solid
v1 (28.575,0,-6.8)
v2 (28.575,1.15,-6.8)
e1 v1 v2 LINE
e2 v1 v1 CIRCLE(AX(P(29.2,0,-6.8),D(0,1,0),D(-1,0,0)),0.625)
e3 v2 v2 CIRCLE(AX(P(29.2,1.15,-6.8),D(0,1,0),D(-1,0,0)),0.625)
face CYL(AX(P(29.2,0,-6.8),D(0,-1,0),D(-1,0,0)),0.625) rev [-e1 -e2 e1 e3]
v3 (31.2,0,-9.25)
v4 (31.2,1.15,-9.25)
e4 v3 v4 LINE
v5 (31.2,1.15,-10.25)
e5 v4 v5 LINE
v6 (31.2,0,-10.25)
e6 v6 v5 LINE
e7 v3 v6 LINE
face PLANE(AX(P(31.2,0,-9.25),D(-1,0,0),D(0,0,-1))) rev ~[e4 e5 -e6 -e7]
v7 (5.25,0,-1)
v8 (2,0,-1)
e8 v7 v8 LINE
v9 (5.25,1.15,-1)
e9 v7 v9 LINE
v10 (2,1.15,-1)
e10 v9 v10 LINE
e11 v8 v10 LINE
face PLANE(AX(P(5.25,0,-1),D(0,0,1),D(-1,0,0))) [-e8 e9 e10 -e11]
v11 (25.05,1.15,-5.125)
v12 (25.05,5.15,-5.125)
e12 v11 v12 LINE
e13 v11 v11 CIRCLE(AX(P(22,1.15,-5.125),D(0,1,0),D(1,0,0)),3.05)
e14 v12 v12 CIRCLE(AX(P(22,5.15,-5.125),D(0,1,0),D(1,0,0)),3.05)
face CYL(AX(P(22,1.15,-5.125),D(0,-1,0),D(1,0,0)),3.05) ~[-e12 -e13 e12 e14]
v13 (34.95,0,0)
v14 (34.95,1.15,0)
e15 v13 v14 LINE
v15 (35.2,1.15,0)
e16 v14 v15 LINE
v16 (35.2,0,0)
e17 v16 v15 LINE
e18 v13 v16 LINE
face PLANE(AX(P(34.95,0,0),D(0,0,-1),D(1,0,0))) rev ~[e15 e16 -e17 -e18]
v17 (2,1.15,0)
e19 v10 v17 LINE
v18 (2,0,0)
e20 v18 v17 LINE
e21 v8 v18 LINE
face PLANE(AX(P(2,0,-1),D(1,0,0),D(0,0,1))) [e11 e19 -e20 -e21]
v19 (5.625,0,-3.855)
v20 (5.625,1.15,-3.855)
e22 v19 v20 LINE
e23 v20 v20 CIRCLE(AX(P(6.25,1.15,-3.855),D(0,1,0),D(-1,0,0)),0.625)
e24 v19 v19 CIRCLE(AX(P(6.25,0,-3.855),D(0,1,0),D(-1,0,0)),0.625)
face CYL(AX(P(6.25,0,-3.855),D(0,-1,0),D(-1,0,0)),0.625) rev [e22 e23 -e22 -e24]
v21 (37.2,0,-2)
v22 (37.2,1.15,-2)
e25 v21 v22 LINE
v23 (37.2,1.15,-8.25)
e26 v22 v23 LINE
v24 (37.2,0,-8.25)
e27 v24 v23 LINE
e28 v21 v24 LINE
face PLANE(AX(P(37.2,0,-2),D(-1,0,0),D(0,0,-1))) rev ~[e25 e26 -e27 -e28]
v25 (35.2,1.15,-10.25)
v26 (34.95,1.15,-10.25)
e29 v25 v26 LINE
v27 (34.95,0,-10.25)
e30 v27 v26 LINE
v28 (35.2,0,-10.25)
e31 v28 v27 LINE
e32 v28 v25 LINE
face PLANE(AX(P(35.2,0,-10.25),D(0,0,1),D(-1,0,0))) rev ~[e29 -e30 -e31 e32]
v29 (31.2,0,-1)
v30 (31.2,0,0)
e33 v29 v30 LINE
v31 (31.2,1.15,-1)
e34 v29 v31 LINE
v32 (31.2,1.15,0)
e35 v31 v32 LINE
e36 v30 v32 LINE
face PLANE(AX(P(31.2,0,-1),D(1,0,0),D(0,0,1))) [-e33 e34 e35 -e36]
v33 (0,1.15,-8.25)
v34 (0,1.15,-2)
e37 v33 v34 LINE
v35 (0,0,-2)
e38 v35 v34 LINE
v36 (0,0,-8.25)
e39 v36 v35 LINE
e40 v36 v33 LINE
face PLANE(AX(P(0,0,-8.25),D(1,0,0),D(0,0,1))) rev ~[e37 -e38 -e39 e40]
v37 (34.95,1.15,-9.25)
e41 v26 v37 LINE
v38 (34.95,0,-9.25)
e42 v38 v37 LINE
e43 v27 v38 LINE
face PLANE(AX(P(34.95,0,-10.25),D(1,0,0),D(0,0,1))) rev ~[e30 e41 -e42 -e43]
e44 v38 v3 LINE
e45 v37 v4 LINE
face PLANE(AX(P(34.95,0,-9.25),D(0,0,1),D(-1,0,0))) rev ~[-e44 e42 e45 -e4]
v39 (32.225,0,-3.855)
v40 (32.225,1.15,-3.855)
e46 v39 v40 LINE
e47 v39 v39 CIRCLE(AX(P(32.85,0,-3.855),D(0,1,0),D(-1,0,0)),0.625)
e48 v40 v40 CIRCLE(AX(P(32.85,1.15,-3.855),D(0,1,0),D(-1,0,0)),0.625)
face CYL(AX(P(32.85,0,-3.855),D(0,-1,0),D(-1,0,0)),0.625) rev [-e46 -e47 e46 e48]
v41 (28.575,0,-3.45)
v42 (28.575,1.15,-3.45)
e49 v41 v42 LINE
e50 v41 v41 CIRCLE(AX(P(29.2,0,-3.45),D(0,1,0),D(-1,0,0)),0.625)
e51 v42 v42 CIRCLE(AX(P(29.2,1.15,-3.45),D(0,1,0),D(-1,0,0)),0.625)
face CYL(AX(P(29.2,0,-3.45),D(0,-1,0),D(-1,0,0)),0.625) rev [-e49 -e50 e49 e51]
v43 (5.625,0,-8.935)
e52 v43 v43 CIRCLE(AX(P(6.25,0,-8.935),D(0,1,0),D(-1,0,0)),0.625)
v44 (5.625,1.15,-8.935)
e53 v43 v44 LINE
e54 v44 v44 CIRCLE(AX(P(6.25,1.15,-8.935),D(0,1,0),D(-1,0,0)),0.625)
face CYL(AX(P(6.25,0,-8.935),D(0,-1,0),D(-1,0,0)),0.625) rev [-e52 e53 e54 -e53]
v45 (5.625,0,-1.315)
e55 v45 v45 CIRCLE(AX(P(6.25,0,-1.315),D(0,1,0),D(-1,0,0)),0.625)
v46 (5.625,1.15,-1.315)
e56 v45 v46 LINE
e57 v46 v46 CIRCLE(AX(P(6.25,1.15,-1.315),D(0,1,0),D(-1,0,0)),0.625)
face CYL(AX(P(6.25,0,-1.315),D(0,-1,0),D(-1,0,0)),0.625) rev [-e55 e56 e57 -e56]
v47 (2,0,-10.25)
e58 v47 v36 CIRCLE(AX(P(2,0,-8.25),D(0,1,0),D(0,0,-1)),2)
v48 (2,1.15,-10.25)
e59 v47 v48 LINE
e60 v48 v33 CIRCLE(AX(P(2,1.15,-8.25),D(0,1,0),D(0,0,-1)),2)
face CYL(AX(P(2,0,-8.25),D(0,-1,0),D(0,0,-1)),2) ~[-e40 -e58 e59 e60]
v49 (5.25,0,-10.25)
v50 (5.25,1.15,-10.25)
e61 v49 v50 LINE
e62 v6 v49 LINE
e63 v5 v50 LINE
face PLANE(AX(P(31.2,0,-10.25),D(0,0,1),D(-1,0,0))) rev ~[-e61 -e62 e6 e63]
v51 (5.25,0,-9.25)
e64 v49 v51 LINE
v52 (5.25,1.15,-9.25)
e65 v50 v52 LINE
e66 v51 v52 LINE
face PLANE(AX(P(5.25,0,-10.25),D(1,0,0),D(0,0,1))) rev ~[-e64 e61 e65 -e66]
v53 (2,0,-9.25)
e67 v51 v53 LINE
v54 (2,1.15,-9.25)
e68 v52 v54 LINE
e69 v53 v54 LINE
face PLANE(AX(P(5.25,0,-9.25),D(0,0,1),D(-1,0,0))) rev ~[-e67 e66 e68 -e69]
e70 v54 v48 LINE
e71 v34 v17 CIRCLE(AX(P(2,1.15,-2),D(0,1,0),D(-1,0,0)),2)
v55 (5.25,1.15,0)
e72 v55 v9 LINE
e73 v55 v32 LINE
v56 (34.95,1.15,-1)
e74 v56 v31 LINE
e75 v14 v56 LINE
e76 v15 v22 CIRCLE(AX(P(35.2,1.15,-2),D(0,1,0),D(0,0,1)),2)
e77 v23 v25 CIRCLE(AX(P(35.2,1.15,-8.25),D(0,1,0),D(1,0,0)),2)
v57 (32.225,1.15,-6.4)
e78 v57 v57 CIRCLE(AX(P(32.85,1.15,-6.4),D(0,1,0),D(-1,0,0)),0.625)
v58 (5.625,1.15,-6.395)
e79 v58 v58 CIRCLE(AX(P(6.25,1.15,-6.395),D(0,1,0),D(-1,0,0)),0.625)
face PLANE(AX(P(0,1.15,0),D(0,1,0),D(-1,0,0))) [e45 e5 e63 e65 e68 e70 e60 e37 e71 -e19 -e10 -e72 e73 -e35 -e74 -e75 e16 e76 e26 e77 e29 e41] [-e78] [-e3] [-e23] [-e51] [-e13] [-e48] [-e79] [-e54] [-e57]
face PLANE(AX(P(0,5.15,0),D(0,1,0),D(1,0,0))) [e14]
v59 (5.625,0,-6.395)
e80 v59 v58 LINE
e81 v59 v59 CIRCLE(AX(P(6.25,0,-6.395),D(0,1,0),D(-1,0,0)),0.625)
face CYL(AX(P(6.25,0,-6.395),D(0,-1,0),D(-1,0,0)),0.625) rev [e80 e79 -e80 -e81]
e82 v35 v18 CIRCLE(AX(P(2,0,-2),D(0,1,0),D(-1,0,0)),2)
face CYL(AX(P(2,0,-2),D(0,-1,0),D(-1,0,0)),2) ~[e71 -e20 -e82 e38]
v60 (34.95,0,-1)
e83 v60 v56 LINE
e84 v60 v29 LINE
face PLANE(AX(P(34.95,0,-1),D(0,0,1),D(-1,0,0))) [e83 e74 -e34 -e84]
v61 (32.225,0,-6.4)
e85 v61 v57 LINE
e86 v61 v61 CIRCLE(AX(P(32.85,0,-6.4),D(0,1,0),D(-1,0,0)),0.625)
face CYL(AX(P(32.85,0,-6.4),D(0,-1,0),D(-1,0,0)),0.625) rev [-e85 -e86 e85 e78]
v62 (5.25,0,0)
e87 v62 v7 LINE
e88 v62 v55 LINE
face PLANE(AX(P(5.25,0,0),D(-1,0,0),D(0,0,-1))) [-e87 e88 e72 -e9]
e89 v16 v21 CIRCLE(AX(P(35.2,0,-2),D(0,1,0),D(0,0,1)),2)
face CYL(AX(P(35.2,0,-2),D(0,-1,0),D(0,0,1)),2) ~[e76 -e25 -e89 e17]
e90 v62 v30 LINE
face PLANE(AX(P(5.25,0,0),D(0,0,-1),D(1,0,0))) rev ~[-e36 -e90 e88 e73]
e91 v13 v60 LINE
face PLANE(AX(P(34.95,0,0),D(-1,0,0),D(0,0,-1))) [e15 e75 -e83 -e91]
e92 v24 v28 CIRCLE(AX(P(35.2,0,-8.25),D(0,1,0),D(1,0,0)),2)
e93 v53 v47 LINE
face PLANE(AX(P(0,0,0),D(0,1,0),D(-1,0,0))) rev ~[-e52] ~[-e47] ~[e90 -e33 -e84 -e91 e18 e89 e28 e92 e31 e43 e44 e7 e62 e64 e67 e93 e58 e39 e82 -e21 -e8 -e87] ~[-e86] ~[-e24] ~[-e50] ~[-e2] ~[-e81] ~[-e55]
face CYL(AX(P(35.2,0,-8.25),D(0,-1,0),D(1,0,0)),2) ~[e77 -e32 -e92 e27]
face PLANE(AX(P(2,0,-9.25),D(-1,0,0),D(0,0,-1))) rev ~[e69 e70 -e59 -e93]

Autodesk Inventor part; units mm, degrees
ref_plane "YZ Plane" through (0, 0, 0) normal (1, 0, 0) x (0, 1, 0)
ref_plane "XZ Plane" through (0, 0, 0) normal (0, 1, 0) x (-1, 0, 0)
ref_plane "XY Plane" through (0, 0, 0) normal (0, 0, 1) x (1, 0, 0)
sketch "Sketch1" plane through (0, 0, 0) normal (0, 1, 0) x (-1, 0, 0)
  line L0 (-37.2, -2) -> (-37.2, -8.25)
  line L1 (0, -8.25) -> (0, -2)
  circle A0 centre (-6.25, -8.935) radius 0.625
  circle A1 centre (-6.25, -6.395) radius 0.625
  circle A2 centre (-6.25, -3.855) radius 0.625
  circle A3 centre (-6.25, -1.315) radius 0.625
  circle A4 centre (-32.85, -6.4) radius 0.625
  circle A5 centre (-32.85, -3.855) radius 0.625
  circle A6 centre (-29.2, -6.8) radius 0.625
  circle A7 centre (-29.2, -3.45) radius 0.625
  arc A8 (-2, -10.25) -> (0, -8.25) centre (-2, -8.25) ccw
  arc A9 (0, -2) -> (-2, 0) centre (-2, -2) ccw
  arc A10 (-35.2, 0) -> (-37.2, -2) centre (-35.2, -2) ccw
  arc A11 (-37.2, -8.25) -> (-35.2, -10.25) centre (-35.2, -8.25) ccw
  line L2 (-34.95, -10.25) -> (-34.95, -9.25)
  line L3 (-34.95, -9.25) -> (-31.2, -9.25)
  line L4 (-31.2, -9.25) -> (-31.2, -10.25)
  line L5 (-34.95, 0) -> (-34.95, -1)
  line L6 (-34.95, -1) -> (-31.2, -1)
  line L7 (-31.2, -1) -> (-31.2, 0)
  line L8 (-5.25, -10.25) -> (-5.25, -9.25)
  line L9 (-5.25, -9.25) -> (-2, -9.25)
  line L10 (-2, -9.25) -> (-2, -10.25)
  line L11 (-5.25, 0) -> (-5.25, -1)
  line L12 (-5.25, -1) -> (-2, -1)
  line L13 (-2, -1) -> (-2, 0)
  line L14 (-5.25, 0) -> (-31.2, 0)
  line L15 (-34.95, 0) -> (-35.2, 0)
  line L16 (-35.2, -10.25) -> (-34.95, -10.25)
  line L17 (-31.2, -10.25) -> (-5.25, -10.25)
  point P0 (0, 0)
  point P1 (0, 0)
  point P2 (-37.2, -10.25)
  point P3 (-37.2, -0.005)
  point P4 (-37.2, -5.125)
  point P5 (-33.075, -1)
  dimension "d0" = 37.2
  dimension "d2" = 4.35
  dimension "d3" = 8
  dimension "d4" = 3.85
  dimension "d5" = 3.85
  dimension "d6" = 2.545
  dimension "d7" = 2.54
  dimension "d8" = 2.54
  dimension "d9" = 2.54
  dimension "d10" = 2
  dimension "d11" = 6.25
  dimension "d14" = 1.25
  dimension "d17" = 2.25
  dimension "d18" = 6
  dimension "d22" = 5.25
  dimension "d23" = 2
  dimension "d24" = 10.25
  dimension "d25" = 1
  dimension "d26" = 3.75
  dimension "d27" = 1
  dimension "d28" = 2
  dimension "d29" = 2
  dimension "d30" = 1.315
  dimension "d31" = 1.315
  dimension "d32" = 3.45
  dimension "d33" = 3.45
  dimension "d34" = 3.85
  dimension "d35" = 1.25
  dimension "d36" = 3.855
extrude "Extrusion1" add sketch "Sketch1" along normal blind 1.15
sketch "Sketch2" plane through (0, 1.15, 0) normal (0, 1, 0) x (1, 0, 0)
  circle A0 centre (22, 5.125) radius 3.05
  line L0 (37.2, 2) -> (37.2, 8.25) projected
  line L1 (5.25, 0) -> (31.2, 0) projected
  line L2 (31.2, 10.25) -> (5.25, 10.25) projected
  point P0 (0, 0)
  dimension "d39" = 6.1
  dimension "d40" = 15.2
  dimension "d41" = 5.125
  dimension "d42" = 5.125
extrude "Extrusion2" add sketch "Sketch2" along normal blind 4
equation "\"d5\" = d4"
equation "\"d8\" = d7"
equation "\"d9\" = d7"
equation "\"d13\" = d12"
equation "\"d20\" = d19"
equation "\"d12\" = 3.45"
equation "\"d19\" = 1"
properties part number "femtobuck-sparkfun"
